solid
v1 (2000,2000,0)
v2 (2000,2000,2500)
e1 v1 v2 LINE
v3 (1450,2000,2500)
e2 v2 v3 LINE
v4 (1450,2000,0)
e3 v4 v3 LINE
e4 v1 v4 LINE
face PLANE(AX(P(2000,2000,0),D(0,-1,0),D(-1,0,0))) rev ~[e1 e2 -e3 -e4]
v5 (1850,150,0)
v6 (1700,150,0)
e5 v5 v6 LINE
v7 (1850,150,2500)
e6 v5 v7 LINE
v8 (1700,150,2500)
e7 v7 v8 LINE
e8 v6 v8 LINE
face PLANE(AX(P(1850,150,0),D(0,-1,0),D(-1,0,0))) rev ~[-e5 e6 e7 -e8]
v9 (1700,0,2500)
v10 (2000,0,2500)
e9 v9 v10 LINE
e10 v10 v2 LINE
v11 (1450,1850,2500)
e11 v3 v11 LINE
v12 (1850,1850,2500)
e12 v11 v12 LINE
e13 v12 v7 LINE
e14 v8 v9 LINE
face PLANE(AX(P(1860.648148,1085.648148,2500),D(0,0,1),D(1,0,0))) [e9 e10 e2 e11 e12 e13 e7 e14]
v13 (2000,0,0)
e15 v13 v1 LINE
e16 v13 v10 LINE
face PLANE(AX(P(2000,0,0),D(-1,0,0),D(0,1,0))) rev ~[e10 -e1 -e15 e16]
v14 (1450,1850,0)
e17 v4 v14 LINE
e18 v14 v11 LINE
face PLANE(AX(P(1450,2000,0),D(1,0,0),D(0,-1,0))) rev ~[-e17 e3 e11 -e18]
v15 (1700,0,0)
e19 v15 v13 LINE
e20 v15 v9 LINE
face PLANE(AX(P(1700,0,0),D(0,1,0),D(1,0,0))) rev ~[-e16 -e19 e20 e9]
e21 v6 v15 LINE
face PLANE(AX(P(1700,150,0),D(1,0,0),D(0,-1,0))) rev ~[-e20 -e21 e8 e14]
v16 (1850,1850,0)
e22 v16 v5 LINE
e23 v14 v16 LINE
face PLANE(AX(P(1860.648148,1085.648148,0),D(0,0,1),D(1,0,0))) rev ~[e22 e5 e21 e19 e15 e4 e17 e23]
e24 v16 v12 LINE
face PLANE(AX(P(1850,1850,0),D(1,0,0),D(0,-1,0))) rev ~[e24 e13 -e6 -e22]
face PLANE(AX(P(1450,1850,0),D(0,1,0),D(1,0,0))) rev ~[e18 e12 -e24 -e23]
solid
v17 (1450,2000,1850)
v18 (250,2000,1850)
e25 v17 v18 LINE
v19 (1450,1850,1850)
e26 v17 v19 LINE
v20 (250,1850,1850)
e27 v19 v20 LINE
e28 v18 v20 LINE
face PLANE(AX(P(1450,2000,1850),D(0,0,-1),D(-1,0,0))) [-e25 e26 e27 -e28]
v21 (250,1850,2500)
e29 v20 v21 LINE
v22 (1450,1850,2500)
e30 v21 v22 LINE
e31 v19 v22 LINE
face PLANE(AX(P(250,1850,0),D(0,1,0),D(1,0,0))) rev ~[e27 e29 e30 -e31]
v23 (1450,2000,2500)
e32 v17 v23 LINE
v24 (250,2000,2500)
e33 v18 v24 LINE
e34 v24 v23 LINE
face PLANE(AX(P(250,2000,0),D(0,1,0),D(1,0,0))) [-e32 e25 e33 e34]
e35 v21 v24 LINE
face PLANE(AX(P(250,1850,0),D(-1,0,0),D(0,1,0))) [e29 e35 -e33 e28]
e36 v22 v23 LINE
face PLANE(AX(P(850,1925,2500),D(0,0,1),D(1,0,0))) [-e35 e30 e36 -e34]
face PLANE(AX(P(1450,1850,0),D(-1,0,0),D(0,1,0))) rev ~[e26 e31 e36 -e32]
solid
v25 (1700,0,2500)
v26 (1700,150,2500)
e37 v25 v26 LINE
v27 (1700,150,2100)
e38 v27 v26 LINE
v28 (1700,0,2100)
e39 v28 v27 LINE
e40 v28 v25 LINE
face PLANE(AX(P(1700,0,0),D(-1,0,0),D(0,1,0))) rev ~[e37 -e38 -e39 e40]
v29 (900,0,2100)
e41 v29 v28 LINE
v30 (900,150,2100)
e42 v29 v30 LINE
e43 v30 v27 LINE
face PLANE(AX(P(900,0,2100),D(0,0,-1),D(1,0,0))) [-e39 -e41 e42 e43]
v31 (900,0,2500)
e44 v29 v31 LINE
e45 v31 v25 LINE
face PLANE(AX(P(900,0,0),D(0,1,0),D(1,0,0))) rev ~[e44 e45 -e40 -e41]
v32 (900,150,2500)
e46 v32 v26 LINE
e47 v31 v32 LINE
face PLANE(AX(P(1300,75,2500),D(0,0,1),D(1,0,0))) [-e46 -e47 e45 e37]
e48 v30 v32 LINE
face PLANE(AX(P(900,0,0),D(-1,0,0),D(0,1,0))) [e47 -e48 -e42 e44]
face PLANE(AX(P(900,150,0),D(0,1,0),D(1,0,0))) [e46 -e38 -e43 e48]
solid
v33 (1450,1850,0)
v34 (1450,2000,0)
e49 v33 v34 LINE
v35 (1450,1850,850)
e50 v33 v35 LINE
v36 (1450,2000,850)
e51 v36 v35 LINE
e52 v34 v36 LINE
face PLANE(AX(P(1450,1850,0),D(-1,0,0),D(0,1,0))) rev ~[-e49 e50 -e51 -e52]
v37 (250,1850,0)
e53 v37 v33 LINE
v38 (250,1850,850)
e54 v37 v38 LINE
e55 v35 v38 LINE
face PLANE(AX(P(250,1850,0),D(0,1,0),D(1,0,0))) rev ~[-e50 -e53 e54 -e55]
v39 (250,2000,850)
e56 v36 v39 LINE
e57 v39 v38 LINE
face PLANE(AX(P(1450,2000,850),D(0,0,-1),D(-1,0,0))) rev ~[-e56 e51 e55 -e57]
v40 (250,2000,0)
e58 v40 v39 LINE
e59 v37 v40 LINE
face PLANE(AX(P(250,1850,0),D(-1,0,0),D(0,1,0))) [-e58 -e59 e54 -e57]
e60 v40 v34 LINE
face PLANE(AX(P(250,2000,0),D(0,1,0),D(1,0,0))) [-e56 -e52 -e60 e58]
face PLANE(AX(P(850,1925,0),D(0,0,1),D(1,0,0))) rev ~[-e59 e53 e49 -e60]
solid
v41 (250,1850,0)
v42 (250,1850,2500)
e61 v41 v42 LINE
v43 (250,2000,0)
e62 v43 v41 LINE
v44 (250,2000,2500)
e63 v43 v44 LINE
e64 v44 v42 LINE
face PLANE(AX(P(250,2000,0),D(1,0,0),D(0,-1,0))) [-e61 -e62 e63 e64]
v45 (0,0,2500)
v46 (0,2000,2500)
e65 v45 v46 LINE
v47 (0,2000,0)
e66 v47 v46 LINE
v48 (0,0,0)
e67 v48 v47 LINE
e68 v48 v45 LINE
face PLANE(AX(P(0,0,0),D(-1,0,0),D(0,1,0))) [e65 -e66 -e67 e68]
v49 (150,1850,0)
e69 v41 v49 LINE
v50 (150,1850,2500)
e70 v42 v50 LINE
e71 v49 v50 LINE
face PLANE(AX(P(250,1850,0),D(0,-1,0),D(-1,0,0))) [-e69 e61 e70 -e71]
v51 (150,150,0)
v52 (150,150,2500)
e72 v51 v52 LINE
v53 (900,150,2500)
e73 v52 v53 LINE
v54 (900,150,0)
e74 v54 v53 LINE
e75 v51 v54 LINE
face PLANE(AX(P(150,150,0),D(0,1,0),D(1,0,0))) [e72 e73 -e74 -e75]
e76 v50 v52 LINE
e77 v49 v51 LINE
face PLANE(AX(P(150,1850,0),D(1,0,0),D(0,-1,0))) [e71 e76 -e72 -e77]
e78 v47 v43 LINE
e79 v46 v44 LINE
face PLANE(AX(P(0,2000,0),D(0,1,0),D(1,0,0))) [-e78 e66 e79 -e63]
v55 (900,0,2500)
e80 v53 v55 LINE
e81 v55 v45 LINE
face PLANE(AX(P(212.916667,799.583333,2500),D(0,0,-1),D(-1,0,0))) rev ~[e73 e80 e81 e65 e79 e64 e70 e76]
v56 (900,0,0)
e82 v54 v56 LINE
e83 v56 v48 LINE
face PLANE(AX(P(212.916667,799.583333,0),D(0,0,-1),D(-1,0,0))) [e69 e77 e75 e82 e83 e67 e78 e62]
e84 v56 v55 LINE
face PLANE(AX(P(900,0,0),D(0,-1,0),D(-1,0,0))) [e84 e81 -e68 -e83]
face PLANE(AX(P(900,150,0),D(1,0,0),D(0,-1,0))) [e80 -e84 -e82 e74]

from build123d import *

# Parameters (mm, degrees)
EXTRUDE001_DEPTH                             = 2500
EXTRUDE003_DEPTH                             = 2500
RECTANGLE003_AS_DRAWN_W                      = 800
RECTANGLE003_AS_DRAWN_H                      = 2100
EXTRUDE004_DEPTH                             = 150
EXTRUDE004_ONTO_RECTANGLE003_ROLL_ANGLE      = 90
DWIRE003_W                                   = 800
DWIRE003_H                                   = 150
EXTRUDE_DEPTH                                = 2500
RECTANGLE004_AS_DRAWN_W                      = 1200
RECTANGLE004_AS_DRAWN_H                      = 1000
EXTRUDE005_DEPTH                             = 150
EXTRUDE005_ONTO_RECTANGLE004_ROLL_ANGLE      = 90
EXTRUDE005_ONTO_RECTANGLE004_PLACEMENT_ANGLE = 180
DWIRE002_W                                   = 1200
DWIRE002_H                                   = 150
EXTRUDE002_DEPTH                             = 2500


with BuildPart() as extrude001:
    # DWire001 → Extrude001 (new body)
    with BuildSketch(Plane.XY):
        Polygon((1700, 150), (1700, 0), (2000, 0), (2000, 2000), (1450, 2000), (1450, 1850), (1850, 1850), (1850, 150), align=None)
    extrude(amount=EXTRUDE001_DEPTH)


with BuildPart() as extrude003:
    # DWire → Extrude003 (new body)
    with BuildSketch(Plane.XY):
        Polygon((250, 1850), (150, 1850), (150, 150), (900, 150), (900, 0), (0, 0), (0, 2000), (250, 2000), align=None)
    extrude(amount=EXTRUDE003_DEPTH)


with BuildPart() as extrude004:
    # Rectangle003 as drawn → Extrude004 (new)
    with BuildSketch(Plane.XY):
        with Locations((400, 1050)):
            Rectangle(RECTANGLE003_AS_DRAWN_W, RECTANGLE003_AS_DRAWN_H)
    extrude(amount=-EXTRUDE004_DEPTH)


with BuildPart() as extrude004_1:
    # Extrude004 onto Rectangle003 roll: moved
    add(extrude004.part.rotate(Axis((0, 0, 0), (1, 0, 0)), EXTRUDE004_ONTO_RECTANGLE003_ROLL_ANGLE))


with BuildPart() as extrude004_2:
    # Extrude004 onto Rectangle003 placement: moved
    add(extrude004_1.part.moved(Location((900, 0, 0))))


with BuildPart() as cut:
    # DWire003 → Extrude (new body)
    with BuildSketch(Plane.XY):
        with Locations((1300, 75)):
            Rectangle(DWIRE003_W, DWIRE003_H)
    extrude(amount=EXTRUDE_DEPTH)

    # Cut: cut Extrude004
    add(extrude004_2.part, mode=Mode.SUBTRACT)


with BuildPart() as extrude005:
    # Rectangle004 as drawn → Extrude005 (new)
    with BuildSketch(Plane.XY):
        with Locations((600, 500)):
            Rectangle(RECTANGLE004_AS_DRAWN_W, RECTANGLE004_AS_DRAWN_H)
    extrude(amount=-EXTRUDE005_DEPTH)


with BuildPart() as extrude005_1:
    # Extrude005 onto Rectangle004 roll: moved
    add(extrude005.part.rotate(Axis((0, 0, 0), (1, 0, 0)), EXTRUDE005_ONTO_RECTANGLE004_ROLL_ANGLE))


with BuildPart() as extrude005_2:
    # Extrude005 onto Rectangle004 placement: moved
    add(extrude005_1.part.moved(Location((1450, 2000, 850))).rotate(Axis((1450, 2000, 850), (0, 0, 1)), EXTRUDE005_ONTO_RECTANGLE004_PLACEMENT_ANGLE))


with BuildPart() as cut001:
    # DWire002 → Extrude002 (new body)
    with BuildSketch(Plane.XY):
        with Locations((850, 1925)):
            Rectangle(DWIRE002_W, DWIRE002_H)
    extrude(amount=EXTRUDE002_DEPTH)

    # Cut001: cut Extrude005
    add(extrude005_2.part, mode=Mode.SUBTRACT)


solid = Compound([extrude001.part, extrude003.part, cut.part, cut001.part])
